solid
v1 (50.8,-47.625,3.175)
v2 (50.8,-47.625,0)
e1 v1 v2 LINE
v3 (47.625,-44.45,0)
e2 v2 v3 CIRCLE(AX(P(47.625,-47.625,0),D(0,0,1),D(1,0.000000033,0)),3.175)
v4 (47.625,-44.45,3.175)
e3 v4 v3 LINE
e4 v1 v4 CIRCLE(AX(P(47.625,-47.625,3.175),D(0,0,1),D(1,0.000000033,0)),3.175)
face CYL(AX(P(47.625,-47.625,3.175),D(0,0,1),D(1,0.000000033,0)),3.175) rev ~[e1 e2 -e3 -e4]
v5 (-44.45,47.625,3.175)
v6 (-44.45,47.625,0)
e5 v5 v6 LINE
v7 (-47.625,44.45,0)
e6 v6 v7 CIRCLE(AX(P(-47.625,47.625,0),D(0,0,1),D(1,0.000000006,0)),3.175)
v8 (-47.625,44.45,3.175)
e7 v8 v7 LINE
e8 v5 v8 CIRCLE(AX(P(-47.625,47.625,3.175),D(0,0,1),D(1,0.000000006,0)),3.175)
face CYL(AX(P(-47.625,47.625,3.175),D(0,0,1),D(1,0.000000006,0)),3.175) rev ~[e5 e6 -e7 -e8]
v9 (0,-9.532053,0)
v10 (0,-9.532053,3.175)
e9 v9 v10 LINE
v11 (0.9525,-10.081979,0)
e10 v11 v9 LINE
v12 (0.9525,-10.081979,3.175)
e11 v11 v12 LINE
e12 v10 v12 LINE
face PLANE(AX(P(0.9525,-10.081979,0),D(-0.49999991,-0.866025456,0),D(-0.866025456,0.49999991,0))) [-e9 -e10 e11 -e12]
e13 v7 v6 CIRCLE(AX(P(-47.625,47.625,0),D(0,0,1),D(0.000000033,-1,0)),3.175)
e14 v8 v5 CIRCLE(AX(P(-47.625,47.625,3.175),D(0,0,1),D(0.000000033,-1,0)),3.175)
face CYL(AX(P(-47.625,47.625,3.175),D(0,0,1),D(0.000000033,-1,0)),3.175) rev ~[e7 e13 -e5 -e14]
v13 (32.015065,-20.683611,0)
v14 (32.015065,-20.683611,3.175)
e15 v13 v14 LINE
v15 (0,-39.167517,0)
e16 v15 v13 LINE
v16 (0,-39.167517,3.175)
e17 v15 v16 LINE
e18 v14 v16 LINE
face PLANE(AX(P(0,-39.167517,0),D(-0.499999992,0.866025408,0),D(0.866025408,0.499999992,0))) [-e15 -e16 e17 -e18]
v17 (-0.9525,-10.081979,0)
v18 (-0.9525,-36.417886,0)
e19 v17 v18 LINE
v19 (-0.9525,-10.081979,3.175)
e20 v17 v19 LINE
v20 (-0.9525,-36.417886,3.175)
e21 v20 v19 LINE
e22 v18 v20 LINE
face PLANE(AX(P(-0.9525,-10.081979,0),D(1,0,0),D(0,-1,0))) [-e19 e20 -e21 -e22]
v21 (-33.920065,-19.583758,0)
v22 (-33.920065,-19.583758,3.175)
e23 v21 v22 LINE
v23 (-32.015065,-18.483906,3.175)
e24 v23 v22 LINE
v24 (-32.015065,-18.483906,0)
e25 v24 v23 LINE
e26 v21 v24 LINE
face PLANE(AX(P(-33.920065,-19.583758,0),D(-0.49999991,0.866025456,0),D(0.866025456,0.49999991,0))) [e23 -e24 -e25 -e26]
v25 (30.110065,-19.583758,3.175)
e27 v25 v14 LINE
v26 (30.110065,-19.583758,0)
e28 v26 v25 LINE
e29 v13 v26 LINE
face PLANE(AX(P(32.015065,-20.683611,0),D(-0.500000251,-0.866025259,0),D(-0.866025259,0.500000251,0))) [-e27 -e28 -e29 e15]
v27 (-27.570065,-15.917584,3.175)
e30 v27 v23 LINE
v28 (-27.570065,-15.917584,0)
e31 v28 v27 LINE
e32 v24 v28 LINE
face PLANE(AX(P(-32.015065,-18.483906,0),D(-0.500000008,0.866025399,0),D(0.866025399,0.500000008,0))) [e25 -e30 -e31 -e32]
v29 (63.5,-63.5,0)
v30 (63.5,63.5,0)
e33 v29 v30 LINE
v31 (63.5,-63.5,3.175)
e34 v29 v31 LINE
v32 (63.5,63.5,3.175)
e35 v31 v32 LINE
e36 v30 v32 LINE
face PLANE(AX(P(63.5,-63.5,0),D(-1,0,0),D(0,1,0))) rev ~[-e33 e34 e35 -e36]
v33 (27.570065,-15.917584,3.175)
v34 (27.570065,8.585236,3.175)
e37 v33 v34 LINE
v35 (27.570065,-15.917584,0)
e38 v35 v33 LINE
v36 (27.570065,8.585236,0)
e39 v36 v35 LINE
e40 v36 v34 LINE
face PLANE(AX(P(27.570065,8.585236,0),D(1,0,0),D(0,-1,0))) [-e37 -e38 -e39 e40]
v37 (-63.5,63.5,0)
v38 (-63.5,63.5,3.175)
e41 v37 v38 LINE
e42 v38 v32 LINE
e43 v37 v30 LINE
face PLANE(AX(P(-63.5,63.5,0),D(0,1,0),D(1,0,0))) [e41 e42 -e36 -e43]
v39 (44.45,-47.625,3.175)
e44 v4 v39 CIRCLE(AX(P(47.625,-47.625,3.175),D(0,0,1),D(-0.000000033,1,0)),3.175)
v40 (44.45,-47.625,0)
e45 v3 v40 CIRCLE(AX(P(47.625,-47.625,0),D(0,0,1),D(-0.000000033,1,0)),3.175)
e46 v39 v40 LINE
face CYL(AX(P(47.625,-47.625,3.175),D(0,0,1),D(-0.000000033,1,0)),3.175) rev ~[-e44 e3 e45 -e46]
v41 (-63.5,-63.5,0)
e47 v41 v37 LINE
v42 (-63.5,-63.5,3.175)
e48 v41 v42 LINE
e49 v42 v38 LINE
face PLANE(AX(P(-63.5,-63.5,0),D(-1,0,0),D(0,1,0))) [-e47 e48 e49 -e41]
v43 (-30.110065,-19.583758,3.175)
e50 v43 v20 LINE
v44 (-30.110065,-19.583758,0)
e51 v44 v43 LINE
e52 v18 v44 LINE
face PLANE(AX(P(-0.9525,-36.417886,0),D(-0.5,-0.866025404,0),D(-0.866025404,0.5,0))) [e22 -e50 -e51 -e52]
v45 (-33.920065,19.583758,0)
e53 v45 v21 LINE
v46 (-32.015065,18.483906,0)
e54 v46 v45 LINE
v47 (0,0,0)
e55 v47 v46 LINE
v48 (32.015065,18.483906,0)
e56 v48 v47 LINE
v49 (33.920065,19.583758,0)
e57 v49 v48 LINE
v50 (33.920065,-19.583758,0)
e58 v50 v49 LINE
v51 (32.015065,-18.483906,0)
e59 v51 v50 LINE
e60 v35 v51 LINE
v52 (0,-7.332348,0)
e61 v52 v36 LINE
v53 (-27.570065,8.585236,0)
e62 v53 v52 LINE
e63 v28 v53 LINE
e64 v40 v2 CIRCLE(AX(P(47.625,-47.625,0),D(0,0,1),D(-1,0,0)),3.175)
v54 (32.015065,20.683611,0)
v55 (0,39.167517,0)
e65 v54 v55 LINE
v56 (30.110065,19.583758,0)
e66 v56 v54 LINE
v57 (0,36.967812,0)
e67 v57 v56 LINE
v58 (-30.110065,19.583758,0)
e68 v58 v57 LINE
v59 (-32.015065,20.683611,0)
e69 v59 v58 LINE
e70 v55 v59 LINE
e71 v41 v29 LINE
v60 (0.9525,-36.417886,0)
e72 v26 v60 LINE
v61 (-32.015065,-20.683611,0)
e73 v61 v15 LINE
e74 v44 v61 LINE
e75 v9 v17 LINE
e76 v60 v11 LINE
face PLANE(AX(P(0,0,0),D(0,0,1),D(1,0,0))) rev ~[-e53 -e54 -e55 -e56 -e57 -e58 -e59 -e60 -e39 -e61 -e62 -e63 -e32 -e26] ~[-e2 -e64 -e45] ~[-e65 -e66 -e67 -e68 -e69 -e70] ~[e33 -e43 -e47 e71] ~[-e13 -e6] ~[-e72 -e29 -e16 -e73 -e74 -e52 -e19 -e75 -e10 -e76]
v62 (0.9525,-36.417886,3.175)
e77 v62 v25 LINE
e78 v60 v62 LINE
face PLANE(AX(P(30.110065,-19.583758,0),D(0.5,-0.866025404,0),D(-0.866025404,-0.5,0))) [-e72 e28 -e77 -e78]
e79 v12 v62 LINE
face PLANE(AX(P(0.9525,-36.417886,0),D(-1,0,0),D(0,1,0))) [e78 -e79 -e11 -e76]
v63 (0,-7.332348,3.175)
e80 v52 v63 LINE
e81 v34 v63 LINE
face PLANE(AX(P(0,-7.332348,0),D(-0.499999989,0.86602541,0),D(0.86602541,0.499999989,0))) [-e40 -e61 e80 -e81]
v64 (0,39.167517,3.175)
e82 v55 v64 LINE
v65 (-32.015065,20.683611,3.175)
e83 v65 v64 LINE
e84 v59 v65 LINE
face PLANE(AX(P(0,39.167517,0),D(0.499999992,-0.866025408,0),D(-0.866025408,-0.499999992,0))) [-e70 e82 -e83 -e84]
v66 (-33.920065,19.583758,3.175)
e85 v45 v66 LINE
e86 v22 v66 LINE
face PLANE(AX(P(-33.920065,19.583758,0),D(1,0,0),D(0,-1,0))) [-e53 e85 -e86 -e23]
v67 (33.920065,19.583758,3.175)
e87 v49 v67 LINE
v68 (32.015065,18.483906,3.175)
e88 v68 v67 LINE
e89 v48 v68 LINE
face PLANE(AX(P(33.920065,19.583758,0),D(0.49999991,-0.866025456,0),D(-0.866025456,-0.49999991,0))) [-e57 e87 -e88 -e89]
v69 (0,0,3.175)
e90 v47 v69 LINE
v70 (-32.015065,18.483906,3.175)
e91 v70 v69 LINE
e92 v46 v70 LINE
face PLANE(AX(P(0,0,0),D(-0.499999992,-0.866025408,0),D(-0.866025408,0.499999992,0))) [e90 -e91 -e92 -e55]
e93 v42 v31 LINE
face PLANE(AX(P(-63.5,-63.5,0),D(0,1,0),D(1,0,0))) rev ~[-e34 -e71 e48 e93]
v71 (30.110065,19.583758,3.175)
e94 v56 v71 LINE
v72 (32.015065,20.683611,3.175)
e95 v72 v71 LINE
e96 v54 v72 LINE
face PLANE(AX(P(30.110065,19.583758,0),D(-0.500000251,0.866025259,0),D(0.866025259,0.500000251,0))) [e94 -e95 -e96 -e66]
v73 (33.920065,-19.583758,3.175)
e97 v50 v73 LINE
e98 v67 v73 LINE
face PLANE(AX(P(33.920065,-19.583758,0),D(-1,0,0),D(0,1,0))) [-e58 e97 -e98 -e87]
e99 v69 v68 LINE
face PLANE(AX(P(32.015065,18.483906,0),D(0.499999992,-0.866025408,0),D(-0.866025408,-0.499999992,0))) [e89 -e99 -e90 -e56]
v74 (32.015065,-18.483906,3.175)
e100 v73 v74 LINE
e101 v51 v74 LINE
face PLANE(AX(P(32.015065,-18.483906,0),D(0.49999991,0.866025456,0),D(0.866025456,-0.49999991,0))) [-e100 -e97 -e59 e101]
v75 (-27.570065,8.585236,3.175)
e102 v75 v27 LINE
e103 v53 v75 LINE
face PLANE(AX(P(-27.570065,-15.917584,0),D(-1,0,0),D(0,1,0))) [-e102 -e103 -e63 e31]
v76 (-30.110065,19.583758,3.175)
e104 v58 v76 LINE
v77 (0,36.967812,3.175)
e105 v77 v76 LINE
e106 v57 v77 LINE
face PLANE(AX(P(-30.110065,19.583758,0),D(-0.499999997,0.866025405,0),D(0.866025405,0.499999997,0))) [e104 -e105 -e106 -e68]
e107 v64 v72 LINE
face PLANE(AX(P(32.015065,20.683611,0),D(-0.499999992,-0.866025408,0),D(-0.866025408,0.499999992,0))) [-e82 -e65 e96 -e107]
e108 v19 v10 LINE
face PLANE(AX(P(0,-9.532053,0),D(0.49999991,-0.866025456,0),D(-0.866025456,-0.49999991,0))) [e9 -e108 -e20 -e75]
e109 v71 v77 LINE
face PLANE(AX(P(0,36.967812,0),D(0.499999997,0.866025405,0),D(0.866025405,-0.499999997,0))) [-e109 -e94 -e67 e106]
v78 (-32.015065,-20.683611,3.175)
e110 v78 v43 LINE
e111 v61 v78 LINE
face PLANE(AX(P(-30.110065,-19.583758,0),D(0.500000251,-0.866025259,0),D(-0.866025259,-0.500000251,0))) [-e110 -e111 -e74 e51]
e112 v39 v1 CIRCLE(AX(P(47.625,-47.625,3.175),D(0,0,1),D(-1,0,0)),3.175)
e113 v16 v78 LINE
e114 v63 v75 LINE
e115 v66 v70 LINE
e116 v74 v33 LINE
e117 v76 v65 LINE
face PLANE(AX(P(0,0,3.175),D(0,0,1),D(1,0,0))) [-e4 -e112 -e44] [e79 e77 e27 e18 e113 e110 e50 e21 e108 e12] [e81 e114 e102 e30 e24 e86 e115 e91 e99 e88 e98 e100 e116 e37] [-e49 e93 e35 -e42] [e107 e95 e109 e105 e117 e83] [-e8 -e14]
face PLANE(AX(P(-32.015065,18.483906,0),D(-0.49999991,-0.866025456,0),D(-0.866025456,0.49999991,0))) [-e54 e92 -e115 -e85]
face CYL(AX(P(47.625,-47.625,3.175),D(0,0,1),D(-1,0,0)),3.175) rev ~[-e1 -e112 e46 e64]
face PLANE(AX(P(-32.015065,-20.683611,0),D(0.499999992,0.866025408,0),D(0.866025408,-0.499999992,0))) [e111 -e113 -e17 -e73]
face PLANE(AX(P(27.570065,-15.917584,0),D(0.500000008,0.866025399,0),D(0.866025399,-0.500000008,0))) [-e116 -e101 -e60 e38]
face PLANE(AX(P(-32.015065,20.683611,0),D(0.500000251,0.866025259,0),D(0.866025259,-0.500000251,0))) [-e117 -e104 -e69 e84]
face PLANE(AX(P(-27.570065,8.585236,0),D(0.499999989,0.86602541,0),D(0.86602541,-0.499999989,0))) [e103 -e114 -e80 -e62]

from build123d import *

# Parameters (mm, degrees)
F1_W     = 127
F1_H     = 127
F2_DEPTH = 3.175
F3_DEPTH = 25.4
F5_DEPTH = 25.4


with BuildPart() as f2:
    # F1 (on Top) → F2 (new body)
    with BuildSketch(Plane.XY):
        Rectangle(F1_W, F1_H)
    extrude(amount=F2_DEPTH)

    # F0 (on Top) → F3 (cut)
    with BuildSketch(Plane.XY):
        Polygon((0, -39.167517), (32.015065, -20.683611), (30.110065, -19.583758), (0.9525, -36.417886), (0, -36.967812), (-0.9525, -36.417886), (-30.110065, -19.583758), (-32.015065, -20.683611), align=None)
        Polygon((30.110065, 19.583758), (32.015065, 20.683611), (0, 39.167517), (-32.015065, 20.683611), (-30.110065, 19.583758), (0, 36.967812), align=None)
        Polygon((33.920065, -19.583758), (33.920065, 19.583758), (32.015065, 18.483906), (0, 0), (-32.015065, 18.483906), (-33.920065, 19.583758), (-33.920065, -19.583758), (-32.015065, -18.483906), (-27.570065, -15.917584), (-27.570065, 6.385531), (-27.570065, 8.585236), (0, -7.332348), (27.570065, 8.585236), (27.570065, 6.385531), (27.570065, -15.917584), (32.015065, -18.483906), align=None)
        Polygon((0, -36.967812), (0.9525, -36.417886), (0.9525, -10.081979), (0, -9.532053), align=None)
        Polygon((-0.9525, -36.417886), (0, -36.967812), (0, -9.532053), (-0.9525, -10.081979), align=None)
    extrude(amount=F3_DEPTH, mode=Mode.SUBTRACT)

    # F4 (on face) → F5 (cut)
    with BuildSketch(Plane.XY.offset(3.175)):
        with BuildLine():
            ThreePointArc((-47.625, 44.45), (-45.379936, 45.379936), (-44.45, 47.625))
            Line((-44.45, 47.625), (-47.625, 47.625))
            Line((-47.625, 47.625), (-47.625, 44.45))
        make_face()
        with BuildLine():
            Line((-47.625, 47.625), (-44.45, 47.625))
            ThreePointArc((-44.45, 47.625), (-49.870064, 49.870064), (-47.625, 44.45))
            Line((-47.625, 44.45), (-47.625, 47.625))
        make_face()
        with BuildLine():
            ThreePointArc((50.8, -47.625), (49.870064, -45.379936), (47.625, -44.45))
            Line((47.625, -44.45), (47.625, -47.625))
            Line((47.625, -47.625), (44.45, -47.625))
            ThreePointArc((44.45, -47.625), (47.625, -50.8), (50.8, -47.625))
        make_face()
        with BuildLine():
            Line((47.625, -47.625), (47.625, -44.45))
            ThreePointArc((47.625, -44.45), (45.379936, -45.379936), (44.45, -47.625))
            Line((44.45, -47.625), (47.625, -47.625))
        make_face()
    extrude(amount=-F5_DEPTH, mode=Mode.SUBTRACT)


solid = f2.part
